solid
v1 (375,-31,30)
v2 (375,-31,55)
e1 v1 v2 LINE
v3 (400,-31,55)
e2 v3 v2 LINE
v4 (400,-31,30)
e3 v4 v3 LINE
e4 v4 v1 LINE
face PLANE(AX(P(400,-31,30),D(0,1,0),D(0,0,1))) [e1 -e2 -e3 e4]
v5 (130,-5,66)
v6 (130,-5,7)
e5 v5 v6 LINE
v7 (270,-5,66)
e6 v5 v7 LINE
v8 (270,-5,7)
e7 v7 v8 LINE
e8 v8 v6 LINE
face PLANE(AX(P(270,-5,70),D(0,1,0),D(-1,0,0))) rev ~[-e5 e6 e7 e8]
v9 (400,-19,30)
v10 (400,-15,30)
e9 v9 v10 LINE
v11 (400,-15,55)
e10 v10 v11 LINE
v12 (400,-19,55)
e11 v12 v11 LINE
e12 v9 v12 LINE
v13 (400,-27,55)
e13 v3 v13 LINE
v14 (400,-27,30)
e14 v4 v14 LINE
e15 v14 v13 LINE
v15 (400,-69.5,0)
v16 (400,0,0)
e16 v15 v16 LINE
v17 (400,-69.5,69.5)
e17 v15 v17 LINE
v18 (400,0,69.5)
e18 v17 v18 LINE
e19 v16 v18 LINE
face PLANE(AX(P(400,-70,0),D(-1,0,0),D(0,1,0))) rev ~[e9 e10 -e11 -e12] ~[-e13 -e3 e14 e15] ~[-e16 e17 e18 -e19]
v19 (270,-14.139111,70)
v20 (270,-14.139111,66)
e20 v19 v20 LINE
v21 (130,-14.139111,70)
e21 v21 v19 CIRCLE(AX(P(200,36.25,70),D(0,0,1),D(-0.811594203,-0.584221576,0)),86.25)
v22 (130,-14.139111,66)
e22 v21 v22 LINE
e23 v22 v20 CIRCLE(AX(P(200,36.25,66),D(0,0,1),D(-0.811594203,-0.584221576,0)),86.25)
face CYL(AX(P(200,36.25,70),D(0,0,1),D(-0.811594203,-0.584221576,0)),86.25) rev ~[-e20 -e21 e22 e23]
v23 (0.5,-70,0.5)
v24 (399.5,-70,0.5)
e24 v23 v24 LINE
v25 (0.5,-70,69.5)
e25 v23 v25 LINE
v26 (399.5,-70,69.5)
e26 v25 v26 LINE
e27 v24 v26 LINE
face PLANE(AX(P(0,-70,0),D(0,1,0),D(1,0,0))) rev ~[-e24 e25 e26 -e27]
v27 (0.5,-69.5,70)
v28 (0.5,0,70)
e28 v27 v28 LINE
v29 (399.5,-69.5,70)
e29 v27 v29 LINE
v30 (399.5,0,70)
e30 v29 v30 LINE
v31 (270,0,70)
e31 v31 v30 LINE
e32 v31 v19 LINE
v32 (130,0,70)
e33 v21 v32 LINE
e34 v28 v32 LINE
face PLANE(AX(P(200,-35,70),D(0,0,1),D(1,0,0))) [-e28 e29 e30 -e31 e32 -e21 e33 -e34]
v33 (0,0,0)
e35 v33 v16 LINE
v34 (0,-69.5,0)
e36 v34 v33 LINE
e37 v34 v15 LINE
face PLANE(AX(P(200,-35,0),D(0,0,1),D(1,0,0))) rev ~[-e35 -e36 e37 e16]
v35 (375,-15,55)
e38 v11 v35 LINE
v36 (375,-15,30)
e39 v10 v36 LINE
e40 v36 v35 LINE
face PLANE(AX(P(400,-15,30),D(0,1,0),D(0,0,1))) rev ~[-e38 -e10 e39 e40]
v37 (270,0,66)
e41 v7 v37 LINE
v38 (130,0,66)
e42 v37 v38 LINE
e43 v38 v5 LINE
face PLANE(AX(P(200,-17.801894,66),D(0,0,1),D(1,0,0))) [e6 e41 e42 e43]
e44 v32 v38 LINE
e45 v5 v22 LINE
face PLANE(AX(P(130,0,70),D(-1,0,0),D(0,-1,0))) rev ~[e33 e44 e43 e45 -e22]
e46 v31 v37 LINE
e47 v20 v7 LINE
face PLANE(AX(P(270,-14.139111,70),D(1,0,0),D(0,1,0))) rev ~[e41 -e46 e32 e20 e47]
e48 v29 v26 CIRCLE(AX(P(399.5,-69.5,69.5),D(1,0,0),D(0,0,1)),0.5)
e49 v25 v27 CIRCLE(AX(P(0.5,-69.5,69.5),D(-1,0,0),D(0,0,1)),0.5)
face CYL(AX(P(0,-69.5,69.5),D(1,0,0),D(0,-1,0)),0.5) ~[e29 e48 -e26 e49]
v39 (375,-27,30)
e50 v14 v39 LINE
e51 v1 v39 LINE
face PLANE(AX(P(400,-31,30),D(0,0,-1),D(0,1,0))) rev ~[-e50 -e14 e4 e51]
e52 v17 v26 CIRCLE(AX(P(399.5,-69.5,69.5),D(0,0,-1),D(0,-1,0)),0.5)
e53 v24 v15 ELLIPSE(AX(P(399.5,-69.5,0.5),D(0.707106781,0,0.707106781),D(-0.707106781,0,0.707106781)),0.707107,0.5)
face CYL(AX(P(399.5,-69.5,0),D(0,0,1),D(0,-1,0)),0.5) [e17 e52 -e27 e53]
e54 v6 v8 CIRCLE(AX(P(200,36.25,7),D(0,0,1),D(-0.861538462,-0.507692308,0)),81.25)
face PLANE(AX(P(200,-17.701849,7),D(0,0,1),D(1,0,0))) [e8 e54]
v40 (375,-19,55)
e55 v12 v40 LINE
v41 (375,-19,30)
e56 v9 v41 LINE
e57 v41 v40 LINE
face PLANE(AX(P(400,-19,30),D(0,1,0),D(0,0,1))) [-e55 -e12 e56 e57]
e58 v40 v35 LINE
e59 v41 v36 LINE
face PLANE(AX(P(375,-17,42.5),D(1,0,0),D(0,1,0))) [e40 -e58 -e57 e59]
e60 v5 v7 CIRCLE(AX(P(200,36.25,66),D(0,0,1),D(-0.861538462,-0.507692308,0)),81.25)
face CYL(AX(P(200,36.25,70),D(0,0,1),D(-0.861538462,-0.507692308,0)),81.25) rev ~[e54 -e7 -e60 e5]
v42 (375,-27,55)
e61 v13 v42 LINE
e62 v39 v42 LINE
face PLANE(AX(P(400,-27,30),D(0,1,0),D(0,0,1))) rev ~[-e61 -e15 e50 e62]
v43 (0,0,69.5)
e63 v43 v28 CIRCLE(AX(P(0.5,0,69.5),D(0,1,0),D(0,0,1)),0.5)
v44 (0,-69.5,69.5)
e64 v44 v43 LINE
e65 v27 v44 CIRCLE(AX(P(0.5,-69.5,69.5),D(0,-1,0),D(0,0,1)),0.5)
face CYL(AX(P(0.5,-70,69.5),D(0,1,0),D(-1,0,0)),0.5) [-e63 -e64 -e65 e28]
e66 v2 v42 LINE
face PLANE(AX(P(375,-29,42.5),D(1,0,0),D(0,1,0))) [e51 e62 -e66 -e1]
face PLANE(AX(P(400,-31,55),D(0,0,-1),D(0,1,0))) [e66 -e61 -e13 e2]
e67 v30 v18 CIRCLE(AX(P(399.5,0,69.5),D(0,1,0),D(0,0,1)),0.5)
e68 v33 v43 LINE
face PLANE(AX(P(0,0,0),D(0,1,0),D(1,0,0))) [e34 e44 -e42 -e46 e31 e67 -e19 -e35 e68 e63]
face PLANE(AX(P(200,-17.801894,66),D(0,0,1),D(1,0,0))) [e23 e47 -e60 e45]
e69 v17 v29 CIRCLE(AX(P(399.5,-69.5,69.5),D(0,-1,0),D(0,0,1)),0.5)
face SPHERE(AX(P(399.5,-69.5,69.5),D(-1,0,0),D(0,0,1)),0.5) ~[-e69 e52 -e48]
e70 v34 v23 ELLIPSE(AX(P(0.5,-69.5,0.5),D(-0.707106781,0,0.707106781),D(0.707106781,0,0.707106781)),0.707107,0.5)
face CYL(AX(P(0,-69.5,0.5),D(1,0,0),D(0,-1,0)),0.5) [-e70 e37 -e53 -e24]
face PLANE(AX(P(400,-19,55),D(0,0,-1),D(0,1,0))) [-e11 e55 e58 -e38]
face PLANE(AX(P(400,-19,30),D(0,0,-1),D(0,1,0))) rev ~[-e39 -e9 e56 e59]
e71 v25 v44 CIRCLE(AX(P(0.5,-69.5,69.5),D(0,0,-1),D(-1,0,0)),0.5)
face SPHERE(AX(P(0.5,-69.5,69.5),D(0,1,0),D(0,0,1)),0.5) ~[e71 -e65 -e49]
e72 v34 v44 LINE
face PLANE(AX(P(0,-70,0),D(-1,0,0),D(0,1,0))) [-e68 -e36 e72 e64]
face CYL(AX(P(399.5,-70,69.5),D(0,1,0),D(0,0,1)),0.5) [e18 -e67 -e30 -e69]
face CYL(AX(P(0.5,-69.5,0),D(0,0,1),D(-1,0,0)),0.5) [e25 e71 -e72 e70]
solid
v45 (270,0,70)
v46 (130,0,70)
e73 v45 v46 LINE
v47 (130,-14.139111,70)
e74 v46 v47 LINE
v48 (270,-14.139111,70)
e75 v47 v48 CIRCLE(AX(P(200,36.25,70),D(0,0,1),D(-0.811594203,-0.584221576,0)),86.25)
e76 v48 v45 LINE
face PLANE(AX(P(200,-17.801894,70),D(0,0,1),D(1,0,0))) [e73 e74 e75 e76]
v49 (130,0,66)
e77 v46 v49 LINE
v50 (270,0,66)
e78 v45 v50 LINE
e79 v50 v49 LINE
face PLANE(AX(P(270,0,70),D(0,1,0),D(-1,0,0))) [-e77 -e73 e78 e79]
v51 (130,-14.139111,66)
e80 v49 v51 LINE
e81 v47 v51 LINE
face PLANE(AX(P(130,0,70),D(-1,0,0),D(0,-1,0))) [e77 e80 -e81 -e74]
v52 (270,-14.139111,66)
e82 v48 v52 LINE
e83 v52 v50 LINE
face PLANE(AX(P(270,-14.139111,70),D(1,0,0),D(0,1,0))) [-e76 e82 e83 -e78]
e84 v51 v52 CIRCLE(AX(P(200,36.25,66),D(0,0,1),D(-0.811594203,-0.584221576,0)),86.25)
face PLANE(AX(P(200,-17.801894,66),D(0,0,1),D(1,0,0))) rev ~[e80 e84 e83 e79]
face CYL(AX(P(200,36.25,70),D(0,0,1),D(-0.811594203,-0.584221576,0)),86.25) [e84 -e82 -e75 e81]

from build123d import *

# Parameters (mm, degrees)
F0_W     = 400
F0_H     = 70
F1_DEPTH = 70
F3_DEPTH = 63
F5_DEPTH = 4
F6_W     = 4
F6_H     = 25
F7_DEPTH = 25
F9_DEPTH = 4
F10_R    = 0.5


with BuildPart() as f1:
    # F0 (on Top) → F1 (new body)
    with BuildSketch(Plane.XY):
        with Locations((200, -35)):
            Rectangle(F0_W, F0_H)
    extrude(amount=F1_DEPTH)

    # F2 (on face) → F3 (cut, through all)
    with BuildSketch(Plane.XY.offset(70)):
        with BuildLine():
            Line((270, -5), (130, -5))
            ThreePointArc((130, -5), (200, -45), (270, -5))
        make_face()
    extrude(amount=-F3_DEPTH, mode=Mode.SUBTRACT)

    # F4 (on face) → F5 (cut)
    with BuildSketch(Plane.XY.offset(70)):
        with BuildLine():
            Line((130, 0), (130, -14.1391109269))
            ThreePointArc((130, -14.1391109269), (200, -50), (270, -14.1391109269))
            Line((270, -14.1391109269), (270, 0))
            Line((270, 0), (130, 0))
        make_face()
    extrude(amount=-F5_DEPTH, mode=Mode.SUBTRACT)

    # F6 (on face) → F7 (cut)
    with BuildSketch(Plane.YZ.offset(400)):
        with Locations((-17, 42.5)):
            Rectangle(F6_W, F6_H)
        with Locations((-29, 42.5)):
            Rectangle(F6_W, F6_H)
    extrude(amount=-F7_DEPTH, mode=Mode.SUBTRACT)

    # F10
    f10_edges = [f1.edges().sort_by_distance(p)[0] for p in [
        (0, -35, 70),
        (200, -70, 70),
        (400, -35, 70),
        (0, -70, 35),
        (400, -70, 35),
        (200, -70, 0),
    ]]
    fillet(f10_edges, radius=F10_R)


with BuildPart() as f9:
    # F8 (on face) → F9 (new body)
    with BuildSketch(Plane.XY.offset(70)):
        with BuildLine():
            Line((130, 0), (130, -14.1391109269))
            ThreePointArc((130, -14.1391109269), (200, -50), (270, -14.1391109269))
            Line((270, -14.1391109269), (270, 0))
            Line((270, 0), (130, 0))
        make_face()
    extrude(amount=-F9_DEPTH)


solid = Compound([f1.part, f9.part])
